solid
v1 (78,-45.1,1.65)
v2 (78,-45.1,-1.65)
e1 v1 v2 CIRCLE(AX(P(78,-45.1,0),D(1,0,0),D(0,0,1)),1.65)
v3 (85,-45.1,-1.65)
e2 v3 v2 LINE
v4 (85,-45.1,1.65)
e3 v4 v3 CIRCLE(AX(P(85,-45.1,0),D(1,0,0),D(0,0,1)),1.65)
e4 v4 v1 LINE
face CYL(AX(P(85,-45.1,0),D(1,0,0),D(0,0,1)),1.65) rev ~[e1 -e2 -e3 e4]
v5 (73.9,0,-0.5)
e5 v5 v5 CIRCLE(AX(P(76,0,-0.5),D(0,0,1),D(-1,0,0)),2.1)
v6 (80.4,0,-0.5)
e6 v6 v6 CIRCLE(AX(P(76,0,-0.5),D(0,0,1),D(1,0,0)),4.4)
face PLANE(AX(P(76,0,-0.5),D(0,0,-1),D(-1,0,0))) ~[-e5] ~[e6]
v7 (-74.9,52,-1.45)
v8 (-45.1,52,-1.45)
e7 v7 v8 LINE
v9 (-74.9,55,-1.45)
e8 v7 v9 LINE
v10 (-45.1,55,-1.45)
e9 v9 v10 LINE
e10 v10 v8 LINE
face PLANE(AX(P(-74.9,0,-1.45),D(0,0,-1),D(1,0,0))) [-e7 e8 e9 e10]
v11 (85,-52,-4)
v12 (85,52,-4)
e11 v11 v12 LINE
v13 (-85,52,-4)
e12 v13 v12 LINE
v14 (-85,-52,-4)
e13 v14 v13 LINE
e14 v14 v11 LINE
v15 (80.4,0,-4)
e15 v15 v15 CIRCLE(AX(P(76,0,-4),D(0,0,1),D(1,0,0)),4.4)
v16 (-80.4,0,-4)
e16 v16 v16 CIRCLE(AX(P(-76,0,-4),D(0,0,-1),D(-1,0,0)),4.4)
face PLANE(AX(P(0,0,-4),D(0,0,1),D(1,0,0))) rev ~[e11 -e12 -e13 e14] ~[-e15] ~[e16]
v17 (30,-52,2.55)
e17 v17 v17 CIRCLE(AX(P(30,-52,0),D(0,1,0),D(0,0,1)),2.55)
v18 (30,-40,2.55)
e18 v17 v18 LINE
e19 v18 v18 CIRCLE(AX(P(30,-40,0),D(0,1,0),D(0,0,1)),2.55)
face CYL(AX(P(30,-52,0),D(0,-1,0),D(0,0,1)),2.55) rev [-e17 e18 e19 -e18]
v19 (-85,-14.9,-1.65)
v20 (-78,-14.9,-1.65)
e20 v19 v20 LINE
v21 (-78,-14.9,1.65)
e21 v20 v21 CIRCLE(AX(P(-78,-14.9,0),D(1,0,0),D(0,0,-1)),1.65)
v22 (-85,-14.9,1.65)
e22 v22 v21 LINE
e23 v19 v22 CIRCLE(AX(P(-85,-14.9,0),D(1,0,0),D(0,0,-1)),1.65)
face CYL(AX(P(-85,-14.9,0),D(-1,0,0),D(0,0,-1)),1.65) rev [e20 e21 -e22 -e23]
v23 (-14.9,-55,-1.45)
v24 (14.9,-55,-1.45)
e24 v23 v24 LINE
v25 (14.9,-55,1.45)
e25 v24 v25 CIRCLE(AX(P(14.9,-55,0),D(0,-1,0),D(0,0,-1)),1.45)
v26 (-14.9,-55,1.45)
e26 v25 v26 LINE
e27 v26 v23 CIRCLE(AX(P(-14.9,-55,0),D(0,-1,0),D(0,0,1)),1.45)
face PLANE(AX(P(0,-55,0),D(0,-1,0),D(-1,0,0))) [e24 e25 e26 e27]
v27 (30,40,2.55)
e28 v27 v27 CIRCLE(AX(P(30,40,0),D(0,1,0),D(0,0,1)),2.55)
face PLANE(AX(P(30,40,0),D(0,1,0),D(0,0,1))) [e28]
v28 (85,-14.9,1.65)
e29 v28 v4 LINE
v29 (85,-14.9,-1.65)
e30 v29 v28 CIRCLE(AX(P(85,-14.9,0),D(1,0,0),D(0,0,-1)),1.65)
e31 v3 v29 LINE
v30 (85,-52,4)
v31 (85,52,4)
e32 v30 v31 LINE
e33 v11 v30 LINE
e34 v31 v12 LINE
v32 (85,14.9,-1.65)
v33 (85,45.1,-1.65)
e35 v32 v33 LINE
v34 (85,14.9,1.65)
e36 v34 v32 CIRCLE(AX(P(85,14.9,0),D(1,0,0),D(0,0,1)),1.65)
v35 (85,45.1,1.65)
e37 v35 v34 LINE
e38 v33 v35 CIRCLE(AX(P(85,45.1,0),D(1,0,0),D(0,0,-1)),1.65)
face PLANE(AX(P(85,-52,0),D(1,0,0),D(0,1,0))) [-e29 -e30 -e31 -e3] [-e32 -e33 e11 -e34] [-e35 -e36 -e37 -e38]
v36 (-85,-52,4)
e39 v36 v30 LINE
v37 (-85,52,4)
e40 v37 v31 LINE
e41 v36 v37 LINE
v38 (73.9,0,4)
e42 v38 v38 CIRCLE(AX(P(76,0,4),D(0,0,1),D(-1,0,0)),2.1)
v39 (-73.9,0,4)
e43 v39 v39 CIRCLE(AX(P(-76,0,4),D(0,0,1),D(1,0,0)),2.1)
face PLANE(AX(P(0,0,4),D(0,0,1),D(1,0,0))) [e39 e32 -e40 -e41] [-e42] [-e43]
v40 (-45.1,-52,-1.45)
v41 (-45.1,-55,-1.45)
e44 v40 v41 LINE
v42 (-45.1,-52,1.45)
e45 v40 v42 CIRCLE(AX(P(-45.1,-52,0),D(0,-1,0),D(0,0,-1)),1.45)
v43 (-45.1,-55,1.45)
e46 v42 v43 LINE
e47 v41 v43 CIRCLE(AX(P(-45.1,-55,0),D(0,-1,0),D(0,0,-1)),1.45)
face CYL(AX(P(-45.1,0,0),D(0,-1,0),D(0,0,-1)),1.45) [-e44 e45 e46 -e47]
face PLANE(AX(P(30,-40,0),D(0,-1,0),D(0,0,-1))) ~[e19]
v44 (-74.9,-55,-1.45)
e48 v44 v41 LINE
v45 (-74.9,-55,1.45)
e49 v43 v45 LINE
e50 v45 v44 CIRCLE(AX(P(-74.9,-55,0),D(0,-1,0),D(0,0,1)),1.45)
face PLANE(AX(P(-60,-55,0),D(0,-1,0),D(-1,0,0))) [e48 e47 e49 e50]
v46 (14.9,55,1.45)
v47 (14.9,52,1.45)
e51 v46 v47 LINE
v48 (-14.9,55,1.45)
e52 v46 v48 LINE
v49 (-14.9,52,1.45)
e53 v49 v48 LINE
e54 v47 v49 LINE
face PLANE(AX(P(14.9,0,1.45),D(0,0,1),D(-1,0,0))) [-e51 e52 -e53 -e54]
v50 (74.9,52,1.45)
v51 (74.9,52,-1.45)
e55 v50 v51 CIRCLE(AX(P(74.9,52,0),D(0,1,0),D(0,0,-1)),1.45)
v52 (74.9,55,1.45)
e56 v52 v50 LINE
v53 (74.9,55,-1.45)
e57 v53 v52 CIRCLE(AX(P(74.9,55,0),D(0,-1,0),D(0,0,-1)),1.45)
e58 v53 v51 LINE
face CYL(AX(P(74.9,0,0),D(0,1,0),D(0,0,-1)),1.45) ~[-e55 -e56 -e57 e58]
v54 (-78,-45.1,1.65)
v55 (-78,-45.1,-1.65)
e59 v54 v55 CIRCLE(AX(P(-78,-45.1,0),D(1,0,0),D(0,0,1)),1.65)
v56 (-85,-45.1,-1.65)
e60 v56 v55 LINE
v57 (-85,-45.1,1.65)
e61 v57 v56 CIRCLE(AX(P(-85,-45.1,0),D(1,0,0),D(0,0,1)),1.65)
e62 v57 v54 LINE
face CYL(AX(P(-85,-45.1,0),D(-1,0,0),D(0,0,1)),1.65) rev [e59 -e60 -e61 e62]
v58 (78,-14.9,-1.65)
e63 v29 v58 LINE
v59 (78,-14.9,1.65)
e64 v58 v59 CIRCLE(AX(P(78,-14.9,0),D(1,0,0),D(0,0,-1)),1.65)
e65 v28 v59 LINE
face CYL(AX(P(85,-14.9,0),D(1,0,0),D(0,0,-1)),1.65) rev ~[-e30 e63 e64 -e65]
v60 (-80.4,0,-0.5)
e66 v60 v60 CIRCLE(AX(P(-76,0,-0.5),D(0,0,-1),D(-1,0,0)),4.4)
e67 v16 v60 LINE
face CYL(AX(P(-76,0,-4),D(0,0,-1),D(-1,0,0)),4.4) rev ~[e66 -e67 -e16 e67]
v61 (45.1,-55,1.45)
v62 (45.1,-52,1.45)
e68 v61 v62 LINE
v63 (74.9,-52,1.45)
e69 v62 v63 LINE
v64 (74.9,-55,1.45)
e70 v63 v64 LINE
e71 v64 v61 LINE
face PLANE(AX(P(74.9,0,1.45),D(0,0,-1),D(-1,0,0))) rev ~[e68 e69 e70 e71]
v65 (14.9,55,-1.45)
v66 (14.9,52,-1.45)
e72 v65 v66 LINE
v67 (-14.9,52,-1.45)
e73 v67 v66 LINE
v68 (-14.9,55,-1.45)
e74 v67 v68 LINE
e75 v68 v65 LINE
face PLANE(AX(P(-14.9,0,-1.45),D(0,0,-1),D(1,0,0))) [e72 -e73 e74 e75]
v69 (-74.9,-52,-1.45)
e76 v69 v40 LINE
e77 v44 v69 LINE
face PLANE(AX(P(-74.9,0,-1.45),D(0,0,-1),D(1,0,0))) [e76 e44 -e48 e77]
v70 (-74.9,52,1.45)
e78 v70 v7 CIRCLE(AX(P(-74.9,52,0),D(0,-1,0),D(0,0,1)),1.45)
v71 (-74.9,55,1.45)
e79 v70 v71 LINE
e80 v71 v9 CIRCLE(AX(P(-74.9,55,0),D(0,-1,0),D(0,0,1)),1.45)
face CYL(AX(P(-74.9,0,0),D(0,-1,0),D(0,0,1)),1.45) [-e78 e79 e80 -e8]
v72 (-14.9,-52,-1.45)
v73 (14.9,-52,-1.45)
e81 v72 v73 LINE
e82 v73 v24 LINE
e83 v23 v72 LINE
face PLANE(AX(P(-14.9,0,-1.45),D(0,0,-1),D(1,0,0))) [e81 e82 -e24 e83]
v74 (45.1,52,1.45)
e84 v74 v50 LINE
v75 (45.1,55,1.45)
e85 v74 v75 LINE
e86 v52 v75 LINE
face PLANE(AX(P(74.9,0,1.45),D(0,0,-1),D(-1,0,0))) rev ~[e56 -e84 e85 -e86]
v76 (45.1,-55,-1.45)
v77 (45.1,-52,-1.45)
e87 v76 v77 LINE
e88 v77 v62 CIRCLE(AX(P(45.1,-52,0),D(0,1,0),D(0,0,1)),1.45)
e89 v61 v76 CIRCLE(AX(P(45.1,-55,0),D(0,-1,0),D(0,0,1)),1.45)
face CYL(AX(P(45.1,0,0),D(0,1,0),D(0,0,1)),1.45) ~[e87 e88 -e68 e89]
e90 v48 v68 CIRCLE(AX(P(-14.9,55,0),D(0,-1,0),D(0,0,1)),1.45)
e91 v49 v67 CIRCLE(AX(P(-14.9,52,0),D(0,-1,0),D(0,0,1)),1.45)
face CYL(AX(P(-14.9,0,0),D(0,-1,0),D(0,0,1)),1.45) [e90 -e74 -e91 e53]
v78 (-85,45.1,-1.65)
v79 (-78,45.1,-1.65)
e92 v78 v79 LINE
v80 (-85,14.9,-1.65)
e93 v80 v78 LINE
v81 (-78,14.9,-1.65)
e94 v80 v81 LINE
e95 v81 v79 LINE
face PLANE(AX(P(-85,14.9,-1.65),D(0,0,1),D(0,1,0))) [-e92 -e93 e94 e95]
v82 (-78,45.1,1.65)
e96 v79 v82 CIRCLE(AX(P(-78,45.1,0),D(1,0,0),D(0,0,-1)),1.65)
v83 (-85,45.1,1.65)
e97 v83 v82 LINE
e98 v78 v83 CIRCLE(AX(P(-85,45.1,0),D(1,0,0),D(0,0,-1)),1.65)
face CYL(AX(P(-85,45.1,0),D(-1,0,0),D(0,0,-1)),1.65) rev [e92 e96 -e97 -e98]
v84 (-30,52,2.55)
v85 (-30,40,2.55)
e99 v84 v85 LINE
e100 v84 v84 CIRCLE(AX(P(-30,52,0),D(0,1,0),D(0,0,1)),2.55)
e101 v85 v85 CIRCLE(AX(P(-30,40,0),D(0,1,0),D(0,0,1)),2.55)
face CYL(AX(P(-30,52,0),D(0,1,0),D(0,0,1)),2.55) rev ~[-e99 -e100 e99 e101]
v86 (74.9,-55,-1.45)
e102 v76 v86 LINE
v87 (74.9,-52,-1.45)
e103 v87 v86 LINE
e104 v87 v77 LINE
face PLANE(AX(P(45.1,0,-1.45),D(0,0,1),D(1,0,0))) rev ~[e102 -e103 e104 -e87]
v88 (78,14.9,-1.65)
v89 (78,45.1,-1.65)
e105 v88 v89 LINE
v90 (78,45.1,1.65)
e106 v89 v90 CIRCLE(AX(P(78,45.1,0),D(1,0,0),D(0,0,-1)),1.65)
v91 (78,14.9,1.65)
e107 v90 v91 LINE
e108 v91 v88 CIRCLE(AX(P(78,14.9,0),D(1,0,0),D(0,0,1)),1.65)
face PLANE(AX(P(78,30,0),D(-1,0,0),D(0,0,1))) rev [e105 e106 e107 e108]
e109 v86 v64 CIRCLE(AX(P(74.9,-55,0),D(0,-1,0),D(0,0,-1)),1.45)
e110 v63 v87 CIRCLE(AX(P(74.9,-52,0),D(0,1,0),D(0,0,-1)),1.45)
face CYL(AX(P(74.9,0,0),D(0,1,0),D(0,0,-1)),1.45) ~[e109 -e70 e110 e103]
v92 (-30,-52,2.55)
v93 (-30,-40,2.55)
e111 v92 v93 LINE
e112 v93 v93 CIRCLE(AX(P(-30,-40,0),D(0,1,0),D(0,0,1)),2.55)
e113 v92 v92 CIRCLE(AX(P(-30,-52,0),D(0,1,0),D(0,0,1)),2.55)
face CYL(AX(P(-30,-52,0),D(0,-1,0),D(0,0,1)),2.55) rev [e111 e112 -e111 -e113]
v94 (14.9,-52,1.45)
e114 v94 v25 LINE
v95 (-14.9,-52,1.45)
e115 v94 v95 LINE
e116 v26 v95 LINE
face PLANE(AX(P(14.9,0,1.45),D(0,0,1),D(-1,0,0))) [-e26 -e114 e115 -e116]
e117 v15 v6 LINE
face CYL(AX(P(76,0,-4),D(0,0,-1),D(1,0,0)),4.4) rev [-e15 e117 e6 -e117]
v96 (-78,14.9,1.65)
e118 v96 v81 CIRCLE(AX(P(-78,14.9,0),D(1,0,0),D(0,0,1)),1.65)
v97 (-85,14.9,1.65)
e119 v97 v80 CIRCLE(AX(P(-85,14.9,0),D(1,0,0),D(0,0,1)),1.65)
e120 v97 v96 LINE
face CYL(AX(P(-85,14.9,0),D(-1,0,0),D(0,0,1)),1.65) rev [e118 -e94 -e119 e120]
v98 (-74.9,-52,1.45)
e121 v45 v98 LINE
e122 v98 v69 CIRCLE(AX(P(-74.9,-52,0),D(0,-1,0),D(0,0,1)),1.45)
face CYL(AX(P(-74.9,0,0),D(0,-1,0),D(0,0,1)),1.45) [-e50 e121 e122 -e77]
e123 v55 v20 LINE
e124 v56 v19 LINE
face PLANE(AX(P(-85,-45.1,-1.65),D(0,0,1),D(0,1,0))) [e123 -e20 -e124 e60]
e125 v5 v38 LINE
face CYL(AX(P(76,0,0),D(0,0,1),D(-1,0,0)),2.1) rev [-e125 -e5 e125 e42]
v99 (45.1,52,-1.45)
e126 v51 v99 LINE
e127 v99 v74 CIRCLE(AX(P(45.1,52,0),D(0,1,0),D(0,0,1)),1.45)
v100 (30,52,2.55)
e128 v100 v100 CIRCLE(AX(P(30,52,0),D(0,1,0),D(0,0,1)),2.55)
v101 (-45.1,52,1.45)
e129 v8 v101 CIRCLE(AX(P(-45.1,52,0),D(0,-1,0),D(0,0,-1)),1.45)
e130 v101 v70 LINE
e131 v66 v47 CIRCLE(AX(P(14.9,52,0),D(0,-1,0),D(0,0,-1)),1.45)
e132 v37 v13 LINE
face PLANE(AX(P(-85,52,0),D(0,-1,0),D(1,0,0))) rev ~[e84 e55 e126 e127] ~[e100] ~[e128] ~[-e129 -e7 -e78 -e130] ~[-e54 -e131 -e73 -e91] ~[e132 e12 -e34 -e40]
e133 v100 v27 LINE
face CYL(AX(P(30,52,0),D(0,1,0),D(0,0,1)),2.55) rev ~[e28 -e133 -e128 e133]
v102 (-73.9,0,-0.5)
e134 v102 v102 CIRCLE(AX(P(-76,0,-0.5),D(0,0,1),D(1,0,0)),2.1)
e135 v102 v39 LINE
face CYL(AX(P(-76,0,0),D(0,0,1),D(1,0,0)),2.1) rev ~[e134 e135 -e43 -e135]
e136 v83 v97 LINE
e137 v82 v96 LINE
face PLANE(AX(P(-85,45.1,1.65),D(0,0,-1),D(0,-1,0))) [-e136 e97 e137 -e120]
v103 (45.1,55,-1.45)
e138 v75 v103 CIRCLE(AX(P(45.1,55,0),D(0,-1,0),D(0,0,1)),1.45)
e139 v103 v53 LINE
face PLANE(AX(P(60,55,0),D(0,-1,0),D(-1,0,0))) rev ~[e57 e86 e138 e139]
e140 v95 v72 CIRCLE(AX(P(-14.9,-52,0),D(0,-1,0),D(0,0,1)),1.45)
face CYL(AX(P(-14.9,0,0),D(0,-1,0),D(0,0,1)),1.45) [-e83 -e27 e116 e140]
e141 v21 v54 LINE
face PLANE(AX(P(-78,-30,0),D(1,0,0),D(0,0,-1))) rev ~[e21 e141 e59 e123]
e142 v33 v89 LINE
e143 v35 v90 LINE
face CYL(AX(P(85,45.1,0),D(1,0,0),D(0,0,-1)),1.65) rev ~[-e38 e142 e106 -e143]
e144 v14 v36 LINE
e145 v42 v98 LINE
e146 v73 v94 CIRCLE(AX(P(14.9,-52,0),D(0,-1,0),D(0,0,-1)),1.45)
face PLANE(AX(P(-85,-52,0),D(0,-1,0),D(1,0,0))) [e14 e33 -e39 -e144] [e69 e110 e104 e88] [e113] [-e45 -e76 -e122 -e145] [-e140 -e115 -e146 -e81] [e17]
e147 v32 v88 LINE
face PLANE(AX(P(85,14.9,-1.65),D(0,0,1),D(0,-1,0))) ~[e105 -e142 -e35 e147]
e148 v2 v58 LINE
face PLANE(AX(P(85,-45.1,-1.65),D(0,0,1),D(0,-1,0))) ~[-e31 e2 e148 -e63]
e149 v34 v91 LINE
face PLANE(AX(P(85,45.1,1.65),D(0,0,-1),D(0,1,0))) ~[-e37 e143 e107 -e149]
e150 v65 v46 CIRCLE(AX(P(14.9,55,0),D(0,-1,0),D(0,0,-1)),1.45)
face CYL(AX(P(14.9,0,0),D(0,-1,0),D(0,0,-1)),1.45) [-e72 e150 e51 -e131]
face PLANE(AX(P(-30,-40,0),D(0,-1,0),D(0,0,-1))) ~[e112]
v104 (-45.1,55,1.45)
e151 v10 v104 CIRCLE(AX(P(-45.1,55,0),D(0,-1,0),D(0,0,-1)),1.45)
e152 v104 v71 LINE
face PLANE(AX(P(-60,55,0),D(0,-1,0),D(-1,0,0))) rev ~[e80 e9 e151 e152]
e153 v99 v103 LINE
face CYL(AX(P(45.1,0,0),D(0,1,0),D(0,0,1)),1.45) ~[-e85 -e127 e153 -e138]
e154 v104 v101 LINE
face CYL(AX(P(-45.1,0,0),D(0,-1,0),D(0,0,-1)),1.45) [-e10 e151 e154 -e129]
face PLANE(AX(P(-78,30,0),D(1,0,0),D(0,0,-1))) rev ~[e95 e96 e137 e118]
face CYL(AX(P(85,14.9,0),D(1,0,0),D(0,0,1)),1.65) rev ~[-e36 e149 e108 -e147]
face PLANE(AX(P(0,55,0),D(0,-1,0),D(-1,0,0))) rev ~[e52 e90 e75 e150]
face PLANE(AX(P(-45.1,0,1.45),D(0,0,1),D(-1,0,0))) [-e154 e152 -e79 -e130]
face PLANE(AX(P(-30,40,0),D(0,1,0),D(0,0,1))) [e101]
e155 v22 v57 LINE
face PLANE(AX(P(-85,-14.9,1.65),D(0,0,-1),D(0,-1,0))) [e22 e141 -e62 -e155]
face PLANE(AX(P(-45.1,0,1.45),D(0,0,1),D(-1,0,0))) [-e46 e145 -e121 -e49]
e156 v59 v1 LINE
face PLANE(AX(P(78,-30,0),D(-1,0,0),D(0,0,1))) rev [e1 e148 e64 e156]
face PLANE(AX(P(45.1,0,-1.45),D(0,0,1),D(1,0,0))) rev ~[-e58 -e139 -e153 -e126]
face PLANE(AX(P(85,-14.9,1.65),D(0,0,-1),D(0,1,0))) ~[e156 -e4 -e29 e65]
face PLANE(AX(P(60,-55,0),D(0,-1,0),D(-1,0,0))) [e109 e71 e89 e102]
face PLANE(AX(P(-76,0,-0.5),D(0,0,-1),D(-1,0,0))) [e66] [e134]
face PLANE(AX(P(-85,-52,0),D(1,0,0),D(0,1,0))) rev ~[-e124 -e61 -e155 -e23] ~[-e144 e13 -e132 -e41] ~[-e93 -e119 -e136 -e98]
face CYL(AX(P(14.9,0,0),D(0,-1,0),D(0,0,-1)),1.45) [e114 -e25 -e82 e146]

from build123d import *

# Parameters (mm, degrees)
IZIM1_W                     = 170
IZIM1_H                     = 104
Y_KSEKLIK_EKSTR_ZYON1_DEPTH = 4
Y_KSEKLIK_EKSTR_ZYON2_DEPTH = 55
IZIM3_R                     = 2.55
KES_EKSTR_ZYON1_DEPTH       = 12
KES_EKSTR_ZYON2_DEPTH       = 7
IZIM5_R                     = 2.1
KES_EKSTR_ZYON3_DEPTH       = 5
IZIM7_R                     = 4.4
KES_EKSTR_ZYON5_DEPTH       = 3.5


with BuildPart() as part:
    # Çizim1 → Yükseklik-Ekstrüzyon1 (new, symmetric)
    with BuildSketch(Plane.XY):
        Rectangle(IZIM1_W, IZIM1_H)
    extrude(amount=Y_KSEKLIK_EKSTR_ZYON1_DEPTH, both=True)

    # Çizim2 → Yükseklik-Ekstrüzyon2 (add, symmetric)
    with BuildSketch(Plane(origin=(0, 0, 0), x_dir=(1, 0, 0), z_dir=(0, 1, 0))):
        with BuildLine():
            Line((-74.9, 1.45), (-45.1, 1.45))
            ThreePointArc((-45.1, 1.45), (-43.65, 0), (-45.1, -1.45))
            Line((-45.1, -1.45), (-74.9, -1.45))
            ThreePointArc((-74.9, -1.45), (-76.35, 0), (-74.9, 1.45))
        make_face()
        with BuildLine():
            Line((-14.9, 1.45), (14.9, 1.45))
            ThreePointArc((14.9, 1.45), (16.35, 0), (14.9, -1.45))
            Line((14.9, -1.45), (-14.9, -1.45))
            ThreePointArc((-14.9, -1.45), (-16.35, 0), (-14.9, 1.45))
        make_face()
        with BuildLine():
            Line((45.1, 1.45), (74.9, 1.45))
            ThreePointArc((74.9, 1.45), (76.35, 0), (74.9, -1.45))
            Line((74.9, -1.45), (45.1, -1.45))
            ThreePointArc((45.1, -1.45), (43.65, 0), (45.1, 1.45))
        make_face()
    extrude(amount=Y_KSEKLIK_EKSTR_ZYON2_DEPTH, both=True)

    # Çizim3 → Kes-Ekstrüzyon1 (cut)
    with BuildSketch(Plane(origin=(0, 52, 0), x_dir=(1, 0, 0), z_dir=(0, 1, 0))):
        with Locations(Location((-30, 0, 0), (0, 0, 270))):
            Circle(IZIM3_R)
        with Locations(Location((30, 0, 0), (0, 0, 270))):
            Circle(IZIM3_R)
    kes_ekstr_zyon1 = extrude(amount=-KES_EKSTR_ZYON1_DEPTH, mode=Mode.SUBTRACT)

    # Aynalama1: Kes-Ekstrüzyon1 across plane
    add(kes_ekstr_zyon1.mirror(Plane.ZX), mode=Mode.SUBTRACT)

    # Çizim4 → Kes-Ekstrüzyon2 (cut)
    with BuildSketch(Plane.ZY.offset(85)):
        with BuildLine():
            Line((-1.65, -45.1), (-1.65, -14.9))
            ThreePointArc((-1.65, -14.9), (0, -13.25), (1.65, -14.9))
            Line((1.65, -14.9), (1.65, -45.1))
            ThreePointArc((1.65, -45.1), (0, -46.75), (-1.65, -45.1))
        make_face()
        with BuildLine():
            Line((-1.65, 14.9), (-1.65, 45.1))
            ThreePointArc((-1.65, 45.1), (0, 46.75), (1.65, 45.1))
            Line((1.65, 45.1), (1.65, 14.9))
            ThreePointArc((1.65, 14.9), (0, 13.25), (-1.65, 14.9))
        make_face()
    kes_ekstr_zyon2 = extrude(amount=-KES_EKSTR_ZYON2_DEPTH, mode=Mode.SUBTRACT)

    # Çizim5 → Kes-Ekstrüzyon3 (cut, symmetric)
    with BuildSketch(Plane.XY):
        with Locations((-76, 0)):
            Circle(IZIM5_R)
    kes_ekstr_zyon3 = extrude(amount=KES_EKSTR_ZYON3_DEPTH, both=True, mode=Mode.SUBTRACT)

    # Çizim7 → Kes-Ekstrüzyon5 (cut)
    with BuildSketch(Plane(origin=(0, 0, -4), x_dir=(-1, 0, 0), z_dir=(0, 0, -1))):
        with Locations((76, 0)):
            Circle(IZIM7_R)
    kes_ekstr_zyon5 = extrude(amount=-KES_EKSTR_ZYON5_DEPTH, mode=Mode.SUBTRACT)

    # Aynalama2: Kes-Ekstrüzyon2, Kes-Ekstrüzyon3, Kes-Ekstrüzyon5 across plane
    add(kes_ekstr_zyon2.mirror(Plane(origin=(0, 0, 0), x_dir=(0, 0, 1), z_dir=(1, 0, 0))), mode=Mode.SUBTRACT)
    add(kes_ekstr_zyon3.mirror(Plane(origin=(0, 0, 0), x_dir=(0, 0, 1), z_dir=(1, 0, 0))), mode=Mode.SUBTRACT)
    add(kes_ekstr_zyon5.mirror(Plane(origin=(0, 0, 0), x_dir=(0, 0, 1), z_dir=(1, 0, 0))), mode=Mode.SUBTRACT)


solid = part.part
